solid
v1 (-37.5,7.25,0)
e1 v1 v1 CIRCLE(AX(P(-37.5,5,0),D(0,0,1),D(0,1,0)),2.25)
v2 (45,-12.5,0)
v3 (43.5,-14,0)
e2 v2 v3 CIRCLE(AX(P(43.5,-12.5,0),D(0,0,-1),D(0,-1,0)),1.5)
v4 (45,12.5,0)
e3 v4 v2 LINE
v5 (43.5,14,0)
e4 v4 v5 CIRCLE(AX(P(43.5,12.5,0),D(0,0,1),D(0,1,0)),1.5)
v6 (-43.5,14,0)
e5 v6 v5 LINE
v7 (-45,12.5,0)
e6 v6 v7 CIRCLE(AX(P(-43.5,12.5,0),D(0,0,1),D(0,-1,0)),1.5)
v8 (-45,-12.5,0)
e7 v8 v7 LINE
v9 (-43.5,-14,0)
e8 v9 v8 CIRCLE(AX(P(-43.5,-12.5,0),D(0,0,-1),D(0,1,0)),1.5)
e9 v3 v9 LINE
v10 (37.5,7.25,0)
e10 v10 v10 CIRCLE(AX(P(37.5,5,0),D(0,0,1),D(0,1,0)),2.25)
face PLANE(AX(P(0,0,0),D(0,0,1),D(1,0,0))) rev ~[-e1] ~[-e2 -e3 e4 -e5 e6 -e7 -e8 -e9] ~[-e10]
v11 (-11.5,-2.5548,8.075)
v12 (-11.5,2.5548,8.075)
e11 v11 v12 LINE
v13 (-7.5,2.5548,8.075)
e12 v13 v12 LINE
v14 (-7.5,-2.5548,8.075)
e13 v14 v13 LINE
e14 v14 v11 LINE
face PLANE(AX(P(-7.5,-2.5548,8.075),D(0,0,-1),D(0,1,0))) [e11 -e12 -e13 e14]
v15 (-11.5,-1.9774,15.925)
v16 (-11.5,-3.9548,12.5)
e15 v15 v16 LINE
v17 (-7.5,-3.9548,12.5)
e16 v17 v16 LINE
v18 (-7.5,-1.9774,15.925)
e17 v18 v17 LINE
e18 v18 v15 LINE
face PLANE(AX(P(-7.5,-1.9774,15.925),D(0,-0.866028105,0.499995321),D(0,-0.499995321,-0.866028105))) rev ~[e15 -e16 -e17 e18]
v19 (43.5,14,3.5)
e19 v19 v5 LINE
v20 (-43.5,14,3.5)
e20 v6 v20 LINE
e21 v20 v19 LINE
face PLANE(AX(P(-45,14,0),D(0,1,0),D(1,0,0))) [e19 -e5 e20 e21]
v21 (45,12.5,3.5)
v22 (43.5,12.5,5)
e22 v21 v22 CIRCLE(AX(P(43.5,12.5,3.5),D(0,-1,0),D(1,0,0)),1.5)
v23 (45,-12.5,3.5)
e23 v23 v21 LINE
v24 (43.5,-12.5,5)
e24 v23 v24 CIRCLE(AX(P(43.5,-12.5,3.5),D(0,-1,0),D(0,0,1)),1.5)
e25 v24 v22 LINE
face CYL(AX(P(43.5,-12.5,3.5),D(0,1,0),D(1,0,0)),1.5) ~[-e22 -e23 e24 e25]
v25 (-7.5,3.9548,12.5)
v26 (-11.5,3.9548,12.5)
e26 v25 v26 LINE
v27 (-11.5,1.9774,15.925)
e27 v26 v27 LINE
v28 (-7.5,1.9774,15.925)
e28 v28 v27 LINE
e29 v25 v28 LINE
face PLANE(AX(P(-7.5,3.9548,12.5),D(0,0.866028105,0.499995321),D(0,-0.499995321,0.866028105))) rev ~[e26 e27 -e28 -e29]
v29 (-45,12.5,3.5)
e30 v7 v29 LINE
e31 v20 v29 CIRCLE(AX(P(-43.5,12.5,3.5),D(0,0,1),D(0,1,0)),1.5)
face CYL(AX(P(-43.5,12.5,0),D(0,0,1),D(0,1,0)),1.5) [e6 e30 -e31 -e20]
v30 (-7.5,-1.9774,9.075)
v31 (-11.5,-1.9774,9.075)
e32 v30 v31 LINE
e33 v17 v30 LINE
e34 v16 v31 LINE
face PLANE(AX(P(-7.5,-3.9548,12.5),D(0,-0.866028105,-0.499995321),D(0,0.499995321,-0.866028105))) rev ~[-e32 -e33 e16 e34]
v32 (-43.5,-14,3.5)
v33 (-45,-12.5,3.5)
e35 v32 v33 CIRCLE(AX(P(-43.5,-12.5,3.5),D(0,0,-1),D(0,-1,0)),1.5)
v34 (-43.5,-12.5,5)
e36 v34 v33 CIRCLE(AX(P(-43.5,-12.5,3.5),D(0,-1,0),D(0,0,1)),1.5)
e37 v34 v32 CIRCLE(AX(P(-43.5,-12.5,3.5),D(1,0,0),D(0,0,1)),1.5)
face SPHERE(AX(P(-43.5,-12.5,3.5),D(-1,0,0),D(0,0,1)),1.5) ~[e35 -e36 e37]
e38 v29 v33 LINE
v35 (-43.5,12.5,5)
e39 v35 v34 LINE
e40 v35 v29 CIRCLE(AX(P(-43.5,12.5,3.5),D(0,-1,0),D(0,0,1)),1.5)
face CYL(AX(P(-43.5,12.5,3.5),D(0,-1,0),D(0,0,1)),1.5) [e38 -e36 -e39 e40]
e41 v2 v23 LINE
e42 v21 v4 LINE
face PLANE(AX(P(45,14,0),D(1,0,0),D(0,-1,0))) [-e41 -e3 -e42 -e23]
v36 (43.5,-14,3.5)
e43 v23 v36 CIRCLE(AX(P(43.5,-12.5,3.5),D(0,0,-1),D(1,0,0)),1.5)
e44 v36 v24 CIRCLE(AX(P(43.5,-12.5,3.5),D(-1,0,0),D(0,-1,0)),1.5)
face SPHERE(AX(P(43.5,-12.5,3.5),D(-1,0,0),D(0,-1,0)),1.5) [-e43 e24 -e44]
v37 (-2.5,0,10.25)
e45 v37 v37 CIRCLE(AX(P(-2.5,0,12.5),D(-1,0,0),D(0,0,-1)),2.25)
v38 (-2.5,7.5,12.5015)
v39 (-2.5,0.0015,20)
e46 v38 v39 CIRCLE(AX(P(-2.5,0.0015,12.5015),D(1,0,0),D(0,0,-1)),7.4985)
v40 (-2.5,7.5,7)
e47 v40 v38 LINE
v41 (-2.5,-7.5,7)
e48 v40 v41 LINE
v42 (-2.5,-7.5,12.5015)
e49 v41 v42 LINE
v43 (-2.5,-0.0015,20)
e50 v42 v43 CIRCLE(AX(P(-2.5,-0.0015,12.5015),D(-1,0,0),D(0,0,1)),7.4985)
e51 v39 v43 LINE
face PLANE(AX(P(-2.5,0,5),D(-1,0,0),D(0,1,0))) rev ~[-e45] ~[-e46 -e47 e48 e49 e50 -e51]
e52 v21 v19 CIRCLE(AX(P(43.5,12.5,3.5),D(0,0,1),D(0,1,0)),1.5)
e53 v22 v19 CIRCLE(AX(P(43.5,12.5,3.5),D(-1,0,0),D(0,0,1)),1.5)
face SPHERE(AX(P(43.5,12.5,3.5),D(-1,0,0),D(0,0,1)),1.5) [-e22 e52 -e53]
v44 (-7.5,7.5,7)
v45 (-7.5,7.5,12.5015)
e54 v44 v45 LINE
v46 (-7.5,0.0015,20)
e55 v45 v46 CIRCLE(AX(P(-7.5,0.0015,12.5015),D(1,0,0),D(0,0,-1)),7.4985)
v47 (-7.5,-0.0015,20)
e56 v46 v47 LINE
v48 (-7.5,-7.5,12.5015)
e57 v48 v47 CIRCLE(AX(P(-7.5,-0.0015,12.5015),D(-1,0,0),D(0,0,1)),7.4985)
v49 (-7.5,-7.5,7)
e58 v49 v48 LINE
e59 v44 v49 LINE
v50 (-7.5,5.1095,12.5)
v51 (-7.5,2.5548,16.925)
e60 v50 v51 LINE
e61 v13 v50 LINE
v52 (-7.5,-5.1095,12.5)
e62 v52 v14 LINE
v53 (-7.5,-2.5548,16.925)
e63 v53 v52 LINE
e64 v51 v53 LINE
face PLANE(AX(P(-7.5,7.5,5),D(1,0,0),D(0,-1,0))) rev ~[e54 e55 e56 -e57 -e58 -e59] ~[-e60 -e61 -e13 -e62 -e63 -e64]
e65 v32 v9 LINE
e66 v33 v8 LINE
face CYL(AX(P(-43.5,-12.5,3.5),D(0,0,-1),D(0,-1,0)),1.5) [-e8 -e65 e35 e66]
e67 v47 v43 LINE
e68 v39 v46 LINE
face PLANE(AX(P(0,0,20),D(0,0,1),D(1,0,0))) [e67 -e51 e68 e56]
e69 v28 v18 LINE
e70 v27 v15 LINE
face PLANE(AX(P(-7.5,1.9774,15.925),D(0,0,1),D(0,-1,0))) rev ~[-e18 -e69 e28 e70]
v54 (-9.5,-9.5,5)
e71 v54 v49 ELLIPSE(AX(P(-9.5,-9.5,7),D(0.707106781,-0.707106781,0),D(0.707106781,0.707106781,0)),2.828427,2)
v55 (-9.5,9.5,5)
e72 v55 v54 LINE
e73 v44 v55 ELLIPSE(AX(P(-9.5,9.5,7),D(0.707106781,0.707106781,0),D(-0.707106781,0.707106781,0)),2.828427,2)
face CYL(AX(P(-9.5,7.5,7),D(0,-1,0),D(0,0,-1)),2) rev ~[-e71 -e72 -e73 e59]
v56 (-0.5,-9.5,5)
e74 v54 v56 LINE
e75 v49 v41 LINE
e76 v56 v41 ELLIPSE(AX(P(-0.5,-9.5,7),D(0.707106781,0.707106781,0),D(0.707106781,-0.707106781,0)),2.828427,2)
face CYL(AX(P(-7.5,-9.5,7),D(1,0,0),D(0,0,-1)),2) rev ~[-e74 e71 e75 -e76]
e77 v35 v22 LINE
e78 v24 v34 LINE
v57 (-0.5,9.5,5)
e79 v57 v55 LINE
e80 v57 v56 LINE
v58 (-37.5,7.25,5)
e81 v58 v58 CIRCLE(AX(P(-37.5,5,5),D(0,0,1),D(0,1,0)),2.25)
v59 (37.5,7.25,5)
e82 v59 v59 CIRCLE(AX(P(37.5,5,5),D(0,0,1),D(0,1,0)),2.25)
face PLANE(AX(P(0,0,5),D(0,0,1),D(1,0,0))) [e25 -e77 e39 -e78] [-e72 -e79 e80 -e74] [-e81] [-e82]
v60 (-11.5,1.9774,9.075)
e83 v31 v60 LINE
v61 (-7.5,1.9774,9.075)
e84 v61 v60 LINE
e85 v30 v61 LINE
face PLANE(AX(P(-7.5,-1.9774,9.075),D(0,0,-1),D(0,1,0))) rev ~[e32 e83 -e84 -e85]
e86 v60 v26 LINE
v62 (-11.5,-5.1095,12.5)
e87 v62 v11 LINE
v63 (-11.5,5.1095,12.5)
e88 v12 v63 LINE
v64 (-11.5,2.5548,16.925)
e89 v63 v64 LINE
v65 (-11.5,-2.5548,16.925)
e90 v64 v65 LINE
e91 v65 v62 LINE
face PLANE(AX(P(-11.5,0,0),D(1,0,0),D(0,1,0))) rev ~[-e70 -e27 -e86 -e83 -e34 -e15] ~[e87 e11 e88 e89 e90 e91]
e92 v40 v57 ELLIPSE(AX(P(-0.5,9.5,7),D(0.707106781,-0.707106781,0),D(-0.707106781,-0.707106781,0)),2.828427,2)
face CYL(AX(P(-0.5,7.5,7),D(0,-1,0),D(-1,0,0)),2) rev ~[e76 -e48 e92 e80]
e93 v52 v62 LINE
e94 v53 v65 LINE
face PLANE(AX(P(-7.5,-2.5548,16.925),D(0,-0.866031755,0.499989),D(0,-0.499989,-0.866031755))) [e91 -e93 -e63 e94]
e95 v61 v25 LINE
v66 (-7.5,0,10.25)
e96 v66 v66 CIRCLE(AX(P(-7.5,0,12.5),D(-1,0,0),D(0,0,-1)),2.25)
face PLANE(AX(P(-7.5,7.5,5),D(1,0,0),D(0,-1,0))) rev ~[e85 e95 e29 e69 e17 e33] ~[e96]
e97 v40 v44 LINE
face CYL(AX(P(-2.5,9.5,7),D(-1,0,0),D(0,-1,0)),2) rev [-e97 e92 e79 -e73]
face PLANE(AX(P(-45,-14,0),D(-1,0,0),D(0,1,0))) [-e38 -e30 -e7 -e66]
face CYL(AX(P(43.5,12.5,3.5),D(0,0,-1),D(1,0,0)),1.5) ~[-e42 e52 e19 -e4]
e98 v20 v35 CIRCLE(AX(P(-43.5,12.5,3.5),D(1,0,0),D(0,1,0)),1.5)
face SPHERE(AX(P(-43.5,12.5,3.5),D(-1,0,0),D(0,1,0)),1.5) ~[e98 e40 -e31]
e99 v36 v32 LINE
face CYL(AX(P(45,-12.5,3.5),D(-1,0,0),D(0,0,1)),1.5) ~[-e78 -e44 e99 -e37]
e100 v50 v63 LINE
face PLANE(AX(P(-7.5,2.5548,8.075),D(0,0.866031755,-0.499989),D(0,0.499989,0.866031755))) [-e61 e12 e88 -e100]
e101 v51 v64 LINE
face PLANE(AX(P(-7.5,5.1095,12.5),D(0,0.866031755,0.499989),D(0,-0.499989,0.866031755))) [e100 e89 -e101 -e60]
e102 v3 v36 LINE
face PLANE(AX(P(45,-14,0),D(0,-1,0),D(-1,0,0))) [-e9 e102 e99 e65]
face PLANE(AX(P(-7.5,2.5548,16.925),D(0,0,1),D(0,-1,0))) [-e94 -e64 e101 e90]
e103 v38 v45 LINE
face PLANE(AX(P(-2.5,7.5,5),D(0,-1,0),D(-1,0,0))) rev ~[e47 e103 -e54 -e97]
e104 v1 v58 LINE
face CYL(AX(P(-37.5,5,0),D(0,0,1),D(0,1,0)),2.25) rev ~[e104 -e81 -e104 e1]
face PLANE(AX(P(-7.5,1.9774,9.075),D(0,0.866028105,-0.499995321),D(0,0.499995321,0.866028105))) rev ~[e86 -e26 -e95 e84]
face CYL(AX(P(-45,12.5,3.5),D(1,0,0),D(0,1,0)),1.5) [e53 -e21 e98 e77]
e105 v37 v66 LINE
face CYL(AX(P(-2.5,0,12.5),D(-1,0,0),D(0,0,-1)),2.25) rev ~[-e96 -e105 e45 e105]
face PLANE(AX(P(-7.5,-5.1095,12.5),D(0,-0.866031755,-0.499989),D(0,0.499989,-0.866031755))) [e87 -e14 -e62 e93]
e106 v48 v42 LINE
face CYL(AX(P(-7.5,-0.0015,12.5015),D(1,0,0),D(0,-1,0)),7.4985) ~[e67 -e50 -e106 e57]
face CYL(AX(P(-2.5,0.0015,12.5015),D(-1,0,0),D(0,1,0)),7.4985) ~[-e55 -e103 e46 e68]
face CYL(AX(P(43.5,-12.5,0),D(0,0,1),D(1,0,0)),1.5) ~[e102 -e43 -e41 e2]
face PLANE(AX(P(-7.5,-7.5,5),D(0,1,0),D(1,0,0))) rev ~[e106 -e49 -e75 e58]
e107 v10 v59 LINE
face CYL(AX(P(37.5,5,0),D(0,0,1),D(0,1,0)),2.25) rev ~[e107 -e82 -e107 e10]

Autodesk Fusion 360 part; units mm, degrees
sketch "Sketch1" plane through (0, 0, 0) normal (0, 0, 1) x (1, 0, 0)
  line L0 (-45, 14) -> (45, 14)
  line L1 (45, 14) -> (45, -14)
  line L2 (45, -14) -> (-45, -14)
  line L3 (-45, -14) -> (-45, 14)
  line L4 (-45, 14) -> (45, -14) construction
  line L5 (45, 14) -> (-45, -14) construction
  dimension "d1" = 90
  dimension "d2" = 28
extrude "Extrude1" add sketch "Sketch1" along normal blind 5
sketch "Sketch2" plane through (0, 0, 0) normal (0, 0, 1) x (1, 0, 0)
  line L0 (0, 0) -> (37.5, 0)
  line L1 (0, 0) -> (-37.5, 0)
  circle A0 centre (37.5, 0) radius 2
  circle A1 centre (-37.5, 0) radius 2
  dimension "d5" = 37.5
  dimension "d6" = 37.5
  dimension "d7" = 4
  dimension "d8" = 4
sketch "Sketch3" plane through (0, 0, 0) normal (0, 0, 1) x (1, 0, 0)
  line L0 (0, 0) -> (-37.5, 0)
  circle A0 centre (-37.5, 0) radius 2
  dimension "d11" = 37.5
  dimension "d12" = 4
ref_plane "WorkPlane1" through (0, 0, 5) normal (0, 0, 1) x (1, 0, 0)
sketch "Sketch4" plane through (0, 0, 5) normal (0, 0, 1) x (1, 0, 0)
  line L0 (0, 0) -> (-5, 0)
  line L1 (-2.5, 7.5) -> (-7.5, 7.5)
  line L2 (-7.5, 7.5) -> (-7.5, -7.5)
  line L3 (-7.5, -7.5) -> (-2.5, -7.5)
  line L4 (-2.5, -7.5) -> (-2.5, 7.5)
  line L5 (-2.5, 7.5) -> (-7.5, -7.5) construction
  line L6 (-7.5, 7.5) -> (-2.5, -7.5) construction
  point P0 (-5, 0)
  dimension "d16" = 5
  dimension "d17" = 5
  dimension "d18" = 15
extrude "Extrude4" add sketch "Sketch4" along normal blind 15
sketch "Sketch5" plane through (0, 0, 5) normal (0, 0, 1) x (-1, 0, 0)
  line L0 (2.5, 7.5) -> (7.5, 7.5)
  line L1 (7.5, 7.5) -> (7.5, -7.5)
  line L2 (7.5, -7.5) -> (2.5, -7.5)
  line L3 (2.5, -7.5) -> (2.5, 7.5)
  line L4 (45, 14) -> (-45, 14)
  line L5 (-45, 14) -> (-45, -14)
  line L6 (-45, -14) -> (45, -14)
  line L7 (45, -14) -> (45, 14)
  line L8 (0, 0) -> (-5, 0)
  line L9 (-7.5, -7.5) -> (-2.5, -7.5)
  line L10 (-2.5, -7.5) -> (-2.5, 7.5)
  line L11 (-2.5, 7.5) -> (-7.5, 7.5)
  line L12 (-7.5, 7.5) -> (-7.5, -7.5)
  line L13 (-7.5, -7.5) -> (-2.5, 7.5) construction
  line L14 (-2.5, -7.5) -> (-7.5, 7.5) construction
  point P0 (-5, 0)
  dimension "d23" = 5
  dimension "d24" = 5
  dimension "d25" = 15
hole "Hole1" at (7.5, 0, 9.3622) direction (-1, 0, 0) diameter 4.5 depth 6 tip angle 118
hole "Hole2" at (-2.5, 0, 12.5) direction (-1, 0, 0) diameter 4.5 depth 6 tip angle 118
fillet "Fillet3" radius 1.5 2 edges at (0, 14, 5) (0, -14, 5)
sketch "Sketch6" plane through (0, 0, 0) normal (0, 0, 1) x (1, 0, 0)
  line L0 (0, 0) -> (37.5, 0)
  line L1 (37.5, 0) -> (37.5, 5)
  line L2 (0, 0) -> (-37.5, 0)
  line L3 (-37.5, 0) -> (-37.5, 5)
  dimension "d38" = 37.5
  dimension "d39" = 5
  dimension "d40" = 37.5
  dimension "d41" = 5
hole "Hole3" at (-37.5, 5, 0) direction (0, 0, 1) diameter 4.5 depth 5 tip angle 118
sketch "Sketch7" plane through (0, 0, 0) normal (0, 0, 1) x (1, 0, 0)
  line L0 (0, 0) -> (37.5, 0)
  line L1 (37.5, 0) -> (37.5, 5)
  dimension "d45" = 37.5
  dimension "d46" = 5
hole "Hole4" at (37.5, 5, 0) direction (0, 0, 1) diameter 4.5 depth 5 tip angle 118
fillet "Fillet4" radius 1.5 10 edges at (-45, 14, 1.75) (-45, 13.5607, 4.5607) (-45, 0, 5) (-45, -13.5607, 4.5607) (-45, -14, 1.75) (45, -14, 1.75) (45, -13.5607, 4.5607) (45, 0, 5) (45, 13.5607, 4.5607) (45, 14, 1.75)
fillet "Fillet5" radius 7.5 2 edges at (-5, -7.5, 20) (-5, 7.5, 20)
fillet "Fillet6" radius 2 4 edges at (-5, -7.5, 5) (-2.5, 0, 5) (-5, 7.5, 5) (-7.5, 0, 5)
sketch "Sketch8" plane through (-2.5, 0, 0) normal (1, 0, 0) x (0, 1, 0)
  line L0 (-7.5, 7) -> (7.5, 7)
  line L1 (7.5, 7) -> (7.5, 12.5)
  arc A0 (7.5, 12.5) -> (-7.5, 12.5) centre (0, 12.5) ccw
  line L2 (-7.5, 12.5) -> (-7.5, 7)
  circle A1 centre (0, 12.5) radius 2.25
  line L3 (1.9774, 15.925) -> (-1.9774, 15.925)
  line L4 (-1.9774, 15.925) -> (-3.9548, 12.5)
  line L5 (-3.9548, 12.5) -> (-1.9774, 9.075)
  line L6 (-1.9774, 9.075) -> (1.9774, 9.075)
  line L7 (1.9774, 9.075) -> (3.9548, 12.5)
  line L8 (3.9548, 12.5) -> (1.9774, 15.925)
  line L9 (-5.1095, 12.5) -> (-2.5548, 8.075)
  line L10 (-2.5548, 8.075) -> (2.5548, 8.075)
  line L11 (2.5548, 8.075) -> (5.1095, 12.5)
  line L12 (5.1095, 12.5) -> (2.5548, 16.925)
  line L13 (2.5548, 16.925) -> (-2.5548, 16.925)
  line L14 (-2.5548, 16.925) -> (-5.1095, 12.5)
  point P0 (0, 12.5)
  dimension "d56" = 6.85
  dimension "d57" = 1
extrude "Extrude6" add sketch "Sketch8" against normal blind 4 from surface at -5 contours L9 L10 L11 L12 L13 L14
